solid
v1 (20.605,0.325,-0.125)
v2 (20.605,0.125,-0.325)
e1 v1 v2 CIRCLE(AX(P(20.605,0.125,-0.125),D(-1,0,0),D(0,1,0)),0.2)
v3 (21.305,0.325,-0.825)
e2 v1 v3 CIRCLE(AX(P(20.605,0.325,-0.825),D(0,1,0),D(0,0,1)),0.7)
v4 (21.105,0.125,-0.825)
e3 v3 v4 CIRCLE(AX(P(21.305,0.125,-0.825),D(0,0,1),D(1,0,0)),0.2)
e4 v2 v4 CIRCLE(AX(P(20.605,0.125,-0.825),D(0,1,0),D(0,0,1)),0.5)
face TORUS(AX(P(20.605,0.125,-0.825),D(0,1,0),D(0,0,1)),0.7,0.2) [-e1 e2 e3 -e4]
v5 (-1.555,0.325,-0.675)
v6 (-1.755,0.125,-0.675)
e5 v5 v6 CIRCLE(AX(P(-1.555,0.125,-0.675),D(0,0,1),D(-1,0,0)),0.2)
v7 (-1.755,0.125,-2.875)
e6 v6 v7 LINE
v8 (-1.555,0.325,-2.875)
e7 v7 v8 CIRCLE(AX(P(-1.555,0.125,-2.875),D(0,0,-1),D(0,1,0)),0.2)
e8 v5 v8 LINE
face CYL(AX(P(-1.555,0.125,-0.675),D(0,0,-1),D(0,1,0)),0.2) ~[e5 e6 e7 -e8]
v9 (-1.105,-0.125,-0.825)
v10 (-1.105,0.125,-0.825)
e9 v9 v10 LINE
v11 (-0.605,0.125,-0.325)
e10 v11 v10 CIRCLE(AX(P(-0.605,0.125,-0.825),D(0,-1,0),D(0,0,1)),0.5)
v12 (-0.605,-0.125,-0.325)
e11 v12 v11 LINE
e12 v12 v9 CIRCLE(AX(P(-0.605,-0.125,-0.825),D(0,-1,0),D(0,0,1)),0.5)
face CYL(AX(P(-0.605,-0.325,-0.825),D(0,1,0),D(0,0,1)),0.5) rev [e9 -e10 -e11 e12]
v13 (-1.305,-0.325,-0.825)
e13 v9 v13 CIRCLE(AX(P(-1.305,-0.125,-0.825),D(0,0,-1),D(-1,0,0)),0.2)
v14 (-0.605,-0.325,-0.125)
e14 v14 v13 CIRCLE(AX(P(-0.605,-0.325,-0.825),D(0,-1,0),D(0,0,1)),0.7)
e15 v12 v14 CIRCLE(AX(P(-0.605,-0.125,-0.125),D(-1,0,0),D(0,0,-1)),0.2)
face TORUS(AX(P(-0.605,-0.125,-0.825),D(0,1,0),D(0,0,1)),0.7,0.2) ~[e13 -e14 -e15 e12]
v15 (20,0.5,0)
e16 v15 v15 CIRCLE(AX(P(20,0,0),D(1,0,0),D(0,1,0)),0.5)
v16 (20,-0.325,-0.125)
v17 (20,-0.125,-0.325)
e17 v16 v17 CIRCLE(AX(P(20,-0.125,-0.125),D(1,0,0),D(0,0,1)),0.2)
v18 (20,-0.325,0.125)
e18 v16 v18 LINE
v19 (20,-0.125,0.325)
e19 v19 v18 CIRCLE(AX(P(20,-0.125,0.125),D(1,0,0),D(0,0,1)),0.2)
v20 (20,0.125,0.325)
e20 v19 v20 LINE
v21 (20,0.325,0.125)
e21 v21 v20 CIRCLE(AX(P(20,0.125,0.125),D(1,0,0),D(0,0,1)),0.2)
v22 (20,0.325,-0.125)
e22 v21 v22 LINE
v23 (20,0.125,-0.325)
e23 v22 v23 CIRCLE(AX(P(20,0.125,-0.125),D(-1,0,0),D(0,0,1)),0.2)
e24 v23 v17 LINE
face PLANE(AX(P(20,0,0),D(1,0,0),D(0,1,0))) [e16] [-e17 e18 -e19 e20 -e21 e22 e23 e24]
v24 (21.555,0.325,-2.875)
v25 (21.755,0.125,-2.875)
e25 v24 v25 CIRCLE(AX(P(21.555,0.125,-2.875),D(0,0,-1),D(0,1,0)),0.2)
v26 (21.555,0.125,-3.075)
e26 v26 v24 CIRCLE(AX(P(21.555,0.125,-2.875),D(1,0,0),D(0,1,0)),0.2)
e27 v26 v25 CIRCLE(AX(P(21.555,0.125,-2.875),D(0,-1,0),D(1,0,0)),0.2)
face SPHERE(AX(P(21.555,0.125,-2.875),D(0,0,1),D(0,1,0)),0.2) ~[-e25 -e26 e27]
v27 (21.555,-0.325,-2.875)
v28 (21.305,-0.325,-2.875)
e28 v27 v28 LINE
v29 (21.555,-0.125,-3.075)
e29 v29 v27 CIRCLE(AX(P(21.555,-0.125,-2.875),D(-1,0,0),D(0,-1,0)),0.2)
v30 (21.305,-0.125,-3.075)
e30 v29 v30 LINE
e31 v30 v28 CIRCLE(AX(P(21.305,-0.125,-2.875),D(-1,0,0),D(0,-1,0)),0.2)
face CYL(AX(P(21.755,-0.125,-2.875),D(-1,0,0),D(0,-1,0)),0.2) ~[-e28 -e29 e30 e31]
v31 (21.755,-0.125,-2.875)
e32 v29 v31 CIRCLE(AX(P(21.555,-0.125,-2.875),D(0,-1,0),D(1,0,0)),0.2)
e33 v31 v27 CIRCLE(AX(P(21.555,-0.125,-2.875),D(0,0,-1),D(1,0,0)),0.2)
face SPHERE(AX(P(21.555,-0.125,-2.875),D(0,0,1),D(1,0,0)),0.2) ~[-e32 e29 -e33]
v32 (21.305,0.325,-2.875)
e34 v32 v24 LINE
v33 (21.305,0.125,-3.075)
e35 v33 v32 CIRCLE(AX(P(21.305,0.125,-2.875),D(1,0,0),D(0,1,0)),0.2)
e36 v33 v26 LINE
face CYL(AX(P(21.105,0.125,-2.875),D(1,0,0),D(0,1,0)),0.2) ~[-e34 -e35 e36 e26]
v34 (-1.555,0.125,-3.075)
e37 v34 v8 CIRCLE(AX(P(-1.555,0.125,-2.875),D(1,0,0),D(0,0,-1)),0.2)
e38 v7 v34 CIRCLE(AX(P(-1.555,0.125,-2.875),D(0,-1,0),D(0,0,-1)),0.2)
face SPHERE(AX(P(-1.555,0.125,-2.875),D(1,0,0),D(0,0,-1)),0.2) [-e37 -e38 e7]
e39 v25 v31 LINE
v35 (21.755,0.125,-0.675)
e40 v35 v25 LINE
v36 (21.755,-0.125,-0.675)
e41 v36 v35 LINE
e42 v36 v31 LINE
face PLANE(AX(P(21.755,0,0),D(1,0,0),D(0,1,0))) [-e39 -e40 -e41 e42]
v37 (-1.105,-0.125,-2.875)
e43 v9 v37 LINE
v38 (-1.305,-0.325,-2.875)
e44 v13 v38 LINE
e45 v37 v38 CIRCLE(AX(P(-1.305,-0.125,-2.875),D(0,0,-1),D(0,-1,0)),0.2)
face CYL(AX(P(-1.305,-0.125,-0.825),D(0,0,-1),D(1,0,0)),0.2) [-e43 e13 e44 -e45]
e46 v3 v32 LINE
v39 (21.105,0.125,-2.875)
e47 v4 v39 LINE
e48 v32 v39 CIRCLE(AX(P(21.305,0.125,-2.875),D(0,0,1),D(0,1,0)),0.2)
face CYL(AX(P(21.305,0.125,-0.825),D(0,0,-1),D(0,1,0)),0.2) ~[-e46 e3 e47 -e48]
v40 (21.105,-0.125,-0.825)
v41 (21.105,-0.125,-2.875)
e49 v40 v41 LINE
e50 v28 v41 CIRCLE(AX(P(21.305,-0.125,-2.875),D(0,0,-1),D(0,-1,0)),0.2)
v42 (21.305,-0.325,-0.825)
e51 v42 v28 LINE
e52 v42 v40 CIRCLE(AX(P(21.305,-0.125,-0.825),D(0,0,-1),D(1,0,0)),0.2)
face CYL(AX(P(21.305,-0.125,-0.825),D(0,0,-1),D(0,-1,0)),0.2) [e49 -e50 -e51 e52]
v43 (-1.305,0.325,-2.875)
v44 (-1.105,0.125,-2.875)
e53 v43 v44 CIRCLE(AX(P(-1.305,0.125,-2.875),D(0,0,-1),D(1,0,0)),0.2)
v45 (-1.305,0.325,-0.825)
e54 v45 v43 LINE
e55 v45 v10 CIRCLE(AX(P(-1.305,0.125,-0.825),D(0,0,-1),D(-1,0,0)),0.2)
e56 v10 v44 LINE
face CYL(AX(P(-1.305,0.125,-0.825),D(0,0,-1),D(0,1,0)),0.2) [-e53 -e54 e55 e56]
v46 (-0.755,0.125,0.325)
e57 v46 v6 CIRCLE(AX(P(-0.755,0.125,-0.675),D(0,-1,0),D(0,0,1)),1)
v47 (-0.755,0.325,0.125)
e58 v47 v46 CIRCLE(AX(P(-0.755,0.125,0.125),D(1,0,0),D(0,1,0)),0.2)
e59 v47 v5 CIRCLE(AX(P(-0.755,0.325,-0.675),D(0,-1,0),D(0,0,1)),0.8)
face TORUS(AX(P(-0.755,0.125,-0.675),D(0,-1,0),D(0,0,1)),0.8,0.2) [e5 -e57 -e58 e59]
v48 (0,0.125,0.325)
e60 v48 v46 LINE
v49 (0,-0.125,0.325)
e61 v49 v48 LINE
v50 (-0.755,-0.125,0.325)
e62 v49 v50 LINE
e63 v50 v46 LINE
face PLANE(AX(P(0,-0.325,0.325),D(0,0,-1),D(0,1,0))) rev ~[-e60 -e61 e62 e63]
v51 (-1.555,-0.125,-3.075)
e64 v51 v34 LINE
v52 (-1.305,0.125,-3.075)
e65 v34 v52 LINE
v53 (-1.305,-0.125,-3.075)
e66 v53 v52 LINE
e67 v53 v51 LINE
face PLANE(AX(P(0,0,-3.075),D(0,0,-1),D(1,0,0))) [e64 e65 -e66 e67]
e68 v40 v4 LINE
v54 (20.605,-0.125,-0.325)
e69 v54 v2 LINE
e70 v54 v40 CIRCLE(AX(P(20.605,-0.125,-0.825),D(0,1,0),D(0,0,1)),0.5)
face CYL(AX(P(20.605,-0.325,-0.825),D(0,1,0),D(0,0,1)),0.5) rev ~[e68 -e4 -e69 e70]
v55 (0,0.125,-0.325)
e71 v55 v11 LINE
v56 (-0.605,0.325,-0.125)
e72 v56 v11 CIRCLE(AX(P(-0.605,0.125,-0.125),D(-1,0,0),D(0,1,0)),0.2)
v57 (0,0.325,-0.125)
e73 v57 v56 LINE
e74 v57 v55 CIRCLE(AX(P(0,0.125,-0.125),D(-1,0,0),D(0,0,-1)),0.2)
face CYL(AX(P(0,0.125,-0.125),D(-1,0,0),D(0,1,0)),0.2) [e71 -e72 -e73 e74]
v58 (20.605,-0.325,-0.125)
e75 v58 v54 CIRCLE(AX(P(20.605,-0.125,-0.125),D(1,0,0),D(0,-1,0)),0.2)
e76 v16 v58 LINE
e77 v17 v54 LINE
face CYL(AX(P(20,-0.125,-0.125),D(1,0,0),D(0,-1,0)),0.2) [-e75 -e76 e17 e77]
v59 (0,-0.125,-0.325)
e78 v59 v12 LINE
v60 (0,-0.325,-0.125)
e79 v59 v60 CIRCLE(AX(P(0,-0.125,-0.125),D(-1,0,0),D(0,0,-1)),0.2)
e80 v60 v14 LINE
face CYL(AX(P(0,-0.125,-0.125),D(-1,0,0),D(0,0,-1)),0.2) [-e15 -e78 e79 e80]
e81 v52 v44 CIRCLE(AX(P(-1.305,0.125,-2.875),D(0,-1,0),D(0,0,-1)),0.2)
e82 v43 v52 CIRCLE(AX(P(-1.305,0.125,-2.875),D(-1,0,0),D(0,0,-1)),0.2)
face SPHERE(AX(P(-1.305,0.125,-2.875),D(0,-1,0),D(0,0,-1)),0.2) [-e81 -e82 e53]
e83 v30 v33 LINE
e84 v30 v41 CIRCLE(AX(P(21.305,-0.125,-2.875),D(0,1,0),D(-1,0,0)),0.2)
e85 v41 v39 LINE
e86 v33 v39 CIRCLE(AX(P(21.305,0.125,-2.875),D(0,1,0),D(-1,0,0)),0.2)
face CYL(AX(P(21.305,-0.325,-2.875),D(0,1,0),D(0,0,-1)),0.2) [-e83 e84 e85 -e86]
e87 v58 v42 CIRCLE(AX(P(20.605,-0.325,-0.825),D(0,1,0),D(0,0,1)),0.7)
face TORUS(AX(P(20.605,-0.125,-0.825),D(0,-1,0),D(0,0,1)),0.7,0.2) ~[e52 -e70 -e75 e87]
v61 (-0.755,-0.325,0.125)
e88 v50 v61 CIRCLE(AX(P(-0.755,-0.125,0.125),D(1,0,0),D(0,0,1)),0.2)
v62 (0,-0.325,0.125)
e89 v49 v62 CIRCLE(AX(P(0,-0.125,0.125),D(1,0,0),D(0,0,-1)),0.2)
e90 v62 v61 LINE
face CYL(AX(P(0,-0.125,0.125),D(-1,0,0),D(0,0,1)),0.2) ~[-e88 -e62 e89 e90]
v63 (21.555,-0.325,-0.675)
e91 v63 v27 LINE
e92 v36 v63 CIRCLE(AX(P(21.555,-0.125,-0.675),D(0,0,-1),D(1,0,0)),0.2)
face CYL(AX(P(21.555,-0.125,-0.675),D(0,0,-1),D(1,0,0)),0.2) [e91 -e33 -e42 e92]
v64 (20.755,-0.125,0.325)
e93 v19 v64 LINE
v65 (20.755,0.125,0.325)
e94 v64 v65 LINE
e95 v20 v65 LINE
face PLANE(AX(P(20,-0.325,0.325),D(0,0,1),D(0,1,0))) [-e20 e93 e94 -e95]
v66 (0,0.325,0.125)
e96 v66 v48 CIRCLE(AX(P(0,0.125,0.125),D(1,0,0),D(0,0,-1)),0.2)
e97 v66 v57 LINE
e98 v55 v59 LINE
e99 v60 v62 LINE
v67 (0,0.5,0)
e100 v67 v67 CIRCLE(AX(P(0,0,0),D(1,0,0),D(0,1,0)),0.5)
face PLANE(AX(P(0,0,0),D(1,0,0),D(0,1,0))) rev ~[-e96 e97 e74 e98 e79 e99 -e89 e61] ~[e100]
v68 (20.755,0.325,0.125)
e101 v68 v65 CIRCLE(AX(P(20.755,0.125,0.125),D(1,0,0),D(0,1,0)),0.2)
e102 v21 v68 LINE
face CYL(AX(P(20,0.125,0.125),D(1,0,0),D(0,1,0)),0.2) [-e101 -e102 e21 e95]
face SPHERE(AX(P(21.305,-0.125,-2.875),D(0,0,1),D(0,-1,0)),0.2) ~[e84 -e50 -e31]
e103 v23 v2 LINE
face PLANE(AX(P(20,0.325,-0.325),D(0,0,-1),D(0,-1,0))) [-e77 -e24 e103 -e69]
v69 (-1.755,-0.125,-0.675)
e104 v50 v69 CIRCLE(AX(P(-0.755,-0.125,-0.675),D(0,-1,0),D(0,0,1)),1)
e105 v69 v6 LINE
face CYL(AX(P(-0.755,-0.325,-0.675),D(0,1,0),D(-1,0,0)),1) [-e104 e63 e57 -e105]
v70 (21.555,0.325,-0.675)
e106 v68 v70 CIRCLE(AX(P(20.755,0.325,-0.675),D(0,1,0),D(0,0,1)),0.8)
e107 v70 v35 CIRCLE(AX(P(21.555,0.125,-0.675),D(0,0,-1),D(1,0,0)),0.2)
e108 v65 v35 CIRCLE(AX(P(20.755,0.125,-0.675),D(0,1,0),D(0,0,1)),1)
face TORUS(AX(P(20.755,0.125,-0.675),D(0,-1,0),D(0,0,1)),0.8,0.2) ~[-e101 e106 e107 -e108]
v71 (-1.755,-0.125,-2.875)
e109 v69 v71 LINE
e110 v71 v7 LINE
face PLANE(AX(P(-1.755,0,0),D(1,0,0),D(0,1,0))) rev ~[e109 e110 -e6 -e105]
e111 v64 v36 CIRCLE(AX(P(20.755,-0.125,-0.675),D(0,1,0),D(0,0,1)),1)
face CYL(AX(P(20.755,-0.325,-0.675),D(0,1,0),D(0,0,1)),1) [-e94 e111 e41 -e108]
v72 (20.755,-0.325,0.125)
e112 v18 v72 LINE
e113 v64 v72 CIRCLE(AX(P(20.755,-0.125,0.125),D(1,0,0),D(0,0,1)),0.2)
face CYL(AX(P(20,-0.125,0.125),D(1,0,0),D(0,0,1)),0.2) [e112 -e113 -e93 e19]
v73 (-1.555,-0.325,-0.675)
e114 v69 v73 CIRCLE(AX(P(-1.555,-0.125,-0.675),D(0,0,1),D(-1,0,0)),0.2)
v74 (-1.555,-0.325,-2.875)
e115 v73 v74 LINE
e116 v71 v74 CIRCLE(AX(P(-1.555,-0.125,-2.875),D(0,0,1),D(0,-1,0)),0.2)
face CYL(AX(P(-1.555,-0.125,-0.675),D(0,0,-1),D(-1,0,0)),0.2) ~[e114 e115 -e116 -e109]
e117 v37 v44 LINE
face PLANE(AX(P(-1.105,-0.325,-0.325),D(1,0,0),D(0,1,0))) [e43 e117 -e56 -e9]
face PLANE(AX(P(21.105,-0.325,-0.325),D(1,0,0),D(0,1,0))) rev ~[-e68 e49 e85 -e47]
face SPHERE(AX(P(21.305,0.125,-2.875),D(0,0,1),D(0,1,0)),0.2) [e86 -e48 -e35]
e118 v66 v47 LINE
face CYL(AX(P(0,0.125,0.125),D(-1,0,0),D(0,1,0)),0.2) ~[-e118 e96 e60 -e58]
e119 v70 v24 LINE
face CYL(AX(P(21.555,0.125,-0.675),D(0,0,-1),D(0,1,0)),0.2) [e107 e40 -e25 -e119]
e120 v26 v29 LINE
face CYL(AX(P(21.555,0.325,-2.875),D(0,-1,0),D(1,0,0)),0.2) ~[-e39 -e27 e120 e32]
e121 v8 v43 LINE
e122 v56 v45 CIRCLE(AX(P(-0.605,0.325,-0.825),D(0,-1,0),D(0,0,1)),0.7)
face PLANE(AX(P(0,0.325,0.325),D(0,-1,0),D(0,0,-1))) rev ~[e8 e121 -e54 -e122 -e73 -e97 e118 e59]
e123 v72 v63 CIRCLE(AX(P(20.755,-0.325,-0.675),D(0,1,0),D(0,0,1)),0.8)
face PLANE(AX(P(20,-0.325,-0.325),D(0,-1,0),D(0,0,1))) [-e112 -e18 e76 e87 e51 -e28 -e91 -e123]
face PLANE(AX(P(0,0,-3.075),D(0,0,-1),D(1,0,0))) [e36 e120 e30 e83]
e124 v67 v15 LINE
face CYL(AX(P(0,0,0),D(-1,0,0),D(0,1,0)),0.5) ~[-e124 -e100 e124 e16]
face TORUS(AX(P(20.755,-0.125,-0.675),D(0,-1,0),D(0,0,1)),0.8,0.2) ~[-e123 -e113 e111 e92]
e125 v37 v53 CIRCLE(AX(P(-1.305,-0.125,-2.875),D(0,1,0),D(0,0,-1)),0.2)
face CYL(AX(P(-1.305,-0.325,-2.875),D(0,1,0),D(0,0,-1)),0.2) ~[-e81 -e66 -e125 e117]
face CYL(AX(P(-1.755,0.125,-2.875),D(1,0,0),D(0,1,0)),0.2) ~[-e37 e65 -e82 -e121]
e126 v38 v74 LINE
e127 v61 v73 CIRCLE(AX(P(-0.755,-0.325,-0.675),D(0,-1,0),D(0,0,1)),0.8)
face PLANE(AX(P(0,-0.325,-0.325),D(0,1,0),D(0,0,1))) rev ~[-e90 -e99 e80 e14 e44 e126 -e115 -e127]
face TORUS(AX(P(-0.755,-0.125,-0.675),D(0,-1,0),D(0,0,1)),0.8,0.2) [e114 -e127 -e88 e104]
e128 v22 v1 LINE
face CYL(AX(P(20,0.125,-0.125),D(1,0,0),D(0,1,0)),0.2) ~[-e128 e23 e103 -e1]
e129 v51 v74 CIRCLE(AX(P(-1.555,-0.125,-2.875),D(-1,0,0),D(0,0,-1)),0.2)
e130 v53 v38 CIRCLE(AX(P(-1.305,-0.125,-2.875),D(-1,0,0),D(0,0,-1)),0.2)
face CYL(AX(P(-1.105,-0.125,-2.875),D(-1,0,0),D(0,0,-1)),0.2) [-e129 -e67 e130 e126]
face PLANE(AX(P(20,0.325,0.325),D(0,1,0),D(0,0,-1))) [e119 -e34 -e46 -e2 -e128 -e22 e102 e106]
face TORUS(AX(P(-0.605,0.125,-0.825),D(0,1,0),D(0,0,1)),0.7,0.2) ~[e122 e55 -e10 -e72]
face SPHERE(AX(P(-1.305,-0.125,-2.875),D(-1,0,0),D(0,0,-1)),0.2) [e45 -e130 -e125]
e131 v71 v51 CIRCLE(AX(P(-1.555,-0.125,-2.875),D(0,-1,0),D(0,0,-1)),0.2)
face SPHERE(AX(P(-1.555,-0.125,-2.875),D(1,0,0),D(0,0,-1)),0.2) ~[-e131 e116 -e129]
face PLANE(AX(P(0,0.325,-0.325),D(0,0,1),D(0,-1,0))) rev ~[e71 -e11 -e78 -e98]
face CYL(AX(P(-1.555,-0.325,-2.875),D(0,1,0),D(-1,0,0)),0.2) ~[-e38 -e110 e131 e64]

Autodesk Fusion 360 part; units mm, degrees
sketch "Sketch1" plane through (0, 0, 0) normal (1, 0, 0) x (0, 1, 0)
  circle A0 centre (0, 0) radius 0.5
  line L0 (0.325, -0.325) -> (-0.325, -0.325)
  line L1 (-0.325, -0.325) -> (-0.325, 0.325)
  line L2 (-0.325, 0.325) -> (0.325, 0.325)
  line L3 (0.325, 0.325) -> (0.325, -0.325)
  line L4 (0.325, -0.325) -> (-0.325, 0.325) construction
  line L5 (-0.325, -0.325) -> (0.325, 0.325) construction
  dimension "d1" = 1
  dimension "d2" = 0.65
  dimension "d3" = 0.65
extrude "Extrude1" add sketch "Sketch1" along normal blind 20 contours A0 | L0 L1 L2 L3
sketch "Sketch2" plane through (20, 0, 0) normal (1, 0, 0) x (0, 1, 0)
  circle A0 centre (0, 0) radius 0.5
  line L0 (0.325, -0.325) -> (-0.325, -0.325)
  line L1 (-0.325, -0.325) -> (-0.325, 0.325)
  line L2 (-0.325, 0.325) -> (0.325, 0.325)
  line L3 (0.325, 0.325) -> (0.325, -0.325)
  line L4 (0.325, -0.325) -> (-0.325, 0.325) construction
  line L5 (-0.325, -0.325) -> (0.325, 0.325) construction
  dimension "d8" = 0.65
  dimension "d9" = 0.65
extrude "Extrude2" add sketch "Sketch2" along normal blind 1.755 contours L0 L1 L2 L3
extrude "Extrude3" add sketch "Sketch1" against normal blind 1.755 contours L0 L1 L2 L3
sketch "Sketch3" plane through (0, 0, -0.325) normal (0, 0, -1) x (1, 0, 0)
  line L0 (20, 0.325) -> (20, -0.325)
  line L1 (20, -0.325) -> (21.755, -0.325)
  line L2 (21.755, -0.325) -> (21.755, 0.325)
  line L3 (21.755, 0.325) -> (20, 0.325)
  line L4 (21.755, 0.325) -> (21.105, 0.325)
  line L5 (21.105, 0.325) -> (21.105, -0.325)
  line L6 (21.105, -0.325) -> (21.755, -0.325)
  line L7 (21.755, -0.325) -> (21.755, 0.325)
  line L8 (21.755, 0.325) -> (21.105, -0.325) construction
  line L9 (21.105, 0.325) -> (21.755, -0.325) construction
  point P0 (21.43, 0)
  dimension "d14" = 0.65
  dimension "d15" = 0.65
sketch "Sketch4" plane through (0, 0, -0.325) normal (0, 0, -1) x (1, 0, 0)
  line L0 (0, -0.325) -> (0, 0.325)
  line L1 (0, 0.325) -> (-1.755, 0.325)
  line L2 (-1.755, 0.325) -> (-1.755, -0.325)
  line L3 (-1.755, -0.325) -> (0, -0.325)
  line L4 (-1.105, -0.325) -> (-1.755, -0.325)
  line L5 (-1.755, -0.325) -> (-1.755, 0.325)
  line L6 (-1.755, 0.325) -> (-1.105, 0.325)
  line L7 (-1.105, 0.325) -> (-1.105, -0.325)
  line L8 (-1.105, -0.325) -> (-1.755, 0.325) construction
  line L9 (-1.755, -0.325) -> (-1.105, 0.325) construction
  point P0 (-1.43, 0)
  dimension "d17" = 0.65
  dimension "d18" = 0.65
extrude "Extrude4" add sketch "Sketch4" sketch "Sketch3" along normal blind 2.75 contours L1 L2 L3 L4 L5 L6 L7 of sketch 2 contours L1 L2 L3 L4 L5 L6 L7
fillet "Fillet1" radius 0.5 2 edges at (-1.105, 0, -0.325) (21.105, 0, -0.325)
fillet "Fillet2" radius 1 2 edges at (-1.755, 0, 0.325) (21.755, 0, 0.325)
fillet "Fillet3" radius 0.2 28 edges at (-1.43, -0.325, -3.075) (-1.105, 0, -3.075) (-1.43, 0.325, -3.075) (-1.755, 0, -3.075) (-0.9586, -0.325, -0.4714) (-1.105, -0.325, -1.95) (-0.3775, -0.325, 0.325) (-1.4621, -0.325, 0.0321) (-1.755, -0.325, -1.875) (-0.3775, 0.325, 0.325) (-1.4621, 0.325, 0.0321) (-1.755, 0.325, -1.875) (-0.9586, 0.325, -0.4714) (-1.105, 0.325, -1.95) (20.3775, -0.325, 0.325) (21.4621, -0.325, 0.0321) (21.755, -0.325, -1.875) (21.105, -0.325, -1.95) (20.9586, -0.325, -0.4714) (21.755, 0.325, -1.875) (21.4621, 0.325, 0.0321) (20.3775, 0.325, 0.325) (20.9586, 0.325, -0.4714) (21.105, 0.325, -1.95) (21.43, 0.325, -3.075) (21.755, 0, -3.075) (21.43, -0.325, -3.075) (21.105, 0, -3.075)
equation "d1 = width"
equation "d2 = d3"
equation "d3 = d1 * 0.65"
equation "width = 1 mm"
equation "baseLenght = 20 mm"
equation "d6 = baseLenght"
equation "d8 = width * 0.65"
equation "d9 = d8"
equation "d10 = ( ( 2.54 * ceil(( baseLenght + 1.3 * width ) / 2.54 mm) ) * 1 mm + 0.65 * width - baseLenght ) / 2"
equation "d12 = -( ( 2.54 * ceil(( baseLenght + 1.3 * width ) / 2.54 mm) ) * 1 mm + 0.65 * width - baseLenght ) / 2"
equation "d14 = width * 0.65"
equation "d15 = d14"
equation "d17 = width * 0.65"
equation "d18 = d17"
equation "d26 = 0.2 * width"
